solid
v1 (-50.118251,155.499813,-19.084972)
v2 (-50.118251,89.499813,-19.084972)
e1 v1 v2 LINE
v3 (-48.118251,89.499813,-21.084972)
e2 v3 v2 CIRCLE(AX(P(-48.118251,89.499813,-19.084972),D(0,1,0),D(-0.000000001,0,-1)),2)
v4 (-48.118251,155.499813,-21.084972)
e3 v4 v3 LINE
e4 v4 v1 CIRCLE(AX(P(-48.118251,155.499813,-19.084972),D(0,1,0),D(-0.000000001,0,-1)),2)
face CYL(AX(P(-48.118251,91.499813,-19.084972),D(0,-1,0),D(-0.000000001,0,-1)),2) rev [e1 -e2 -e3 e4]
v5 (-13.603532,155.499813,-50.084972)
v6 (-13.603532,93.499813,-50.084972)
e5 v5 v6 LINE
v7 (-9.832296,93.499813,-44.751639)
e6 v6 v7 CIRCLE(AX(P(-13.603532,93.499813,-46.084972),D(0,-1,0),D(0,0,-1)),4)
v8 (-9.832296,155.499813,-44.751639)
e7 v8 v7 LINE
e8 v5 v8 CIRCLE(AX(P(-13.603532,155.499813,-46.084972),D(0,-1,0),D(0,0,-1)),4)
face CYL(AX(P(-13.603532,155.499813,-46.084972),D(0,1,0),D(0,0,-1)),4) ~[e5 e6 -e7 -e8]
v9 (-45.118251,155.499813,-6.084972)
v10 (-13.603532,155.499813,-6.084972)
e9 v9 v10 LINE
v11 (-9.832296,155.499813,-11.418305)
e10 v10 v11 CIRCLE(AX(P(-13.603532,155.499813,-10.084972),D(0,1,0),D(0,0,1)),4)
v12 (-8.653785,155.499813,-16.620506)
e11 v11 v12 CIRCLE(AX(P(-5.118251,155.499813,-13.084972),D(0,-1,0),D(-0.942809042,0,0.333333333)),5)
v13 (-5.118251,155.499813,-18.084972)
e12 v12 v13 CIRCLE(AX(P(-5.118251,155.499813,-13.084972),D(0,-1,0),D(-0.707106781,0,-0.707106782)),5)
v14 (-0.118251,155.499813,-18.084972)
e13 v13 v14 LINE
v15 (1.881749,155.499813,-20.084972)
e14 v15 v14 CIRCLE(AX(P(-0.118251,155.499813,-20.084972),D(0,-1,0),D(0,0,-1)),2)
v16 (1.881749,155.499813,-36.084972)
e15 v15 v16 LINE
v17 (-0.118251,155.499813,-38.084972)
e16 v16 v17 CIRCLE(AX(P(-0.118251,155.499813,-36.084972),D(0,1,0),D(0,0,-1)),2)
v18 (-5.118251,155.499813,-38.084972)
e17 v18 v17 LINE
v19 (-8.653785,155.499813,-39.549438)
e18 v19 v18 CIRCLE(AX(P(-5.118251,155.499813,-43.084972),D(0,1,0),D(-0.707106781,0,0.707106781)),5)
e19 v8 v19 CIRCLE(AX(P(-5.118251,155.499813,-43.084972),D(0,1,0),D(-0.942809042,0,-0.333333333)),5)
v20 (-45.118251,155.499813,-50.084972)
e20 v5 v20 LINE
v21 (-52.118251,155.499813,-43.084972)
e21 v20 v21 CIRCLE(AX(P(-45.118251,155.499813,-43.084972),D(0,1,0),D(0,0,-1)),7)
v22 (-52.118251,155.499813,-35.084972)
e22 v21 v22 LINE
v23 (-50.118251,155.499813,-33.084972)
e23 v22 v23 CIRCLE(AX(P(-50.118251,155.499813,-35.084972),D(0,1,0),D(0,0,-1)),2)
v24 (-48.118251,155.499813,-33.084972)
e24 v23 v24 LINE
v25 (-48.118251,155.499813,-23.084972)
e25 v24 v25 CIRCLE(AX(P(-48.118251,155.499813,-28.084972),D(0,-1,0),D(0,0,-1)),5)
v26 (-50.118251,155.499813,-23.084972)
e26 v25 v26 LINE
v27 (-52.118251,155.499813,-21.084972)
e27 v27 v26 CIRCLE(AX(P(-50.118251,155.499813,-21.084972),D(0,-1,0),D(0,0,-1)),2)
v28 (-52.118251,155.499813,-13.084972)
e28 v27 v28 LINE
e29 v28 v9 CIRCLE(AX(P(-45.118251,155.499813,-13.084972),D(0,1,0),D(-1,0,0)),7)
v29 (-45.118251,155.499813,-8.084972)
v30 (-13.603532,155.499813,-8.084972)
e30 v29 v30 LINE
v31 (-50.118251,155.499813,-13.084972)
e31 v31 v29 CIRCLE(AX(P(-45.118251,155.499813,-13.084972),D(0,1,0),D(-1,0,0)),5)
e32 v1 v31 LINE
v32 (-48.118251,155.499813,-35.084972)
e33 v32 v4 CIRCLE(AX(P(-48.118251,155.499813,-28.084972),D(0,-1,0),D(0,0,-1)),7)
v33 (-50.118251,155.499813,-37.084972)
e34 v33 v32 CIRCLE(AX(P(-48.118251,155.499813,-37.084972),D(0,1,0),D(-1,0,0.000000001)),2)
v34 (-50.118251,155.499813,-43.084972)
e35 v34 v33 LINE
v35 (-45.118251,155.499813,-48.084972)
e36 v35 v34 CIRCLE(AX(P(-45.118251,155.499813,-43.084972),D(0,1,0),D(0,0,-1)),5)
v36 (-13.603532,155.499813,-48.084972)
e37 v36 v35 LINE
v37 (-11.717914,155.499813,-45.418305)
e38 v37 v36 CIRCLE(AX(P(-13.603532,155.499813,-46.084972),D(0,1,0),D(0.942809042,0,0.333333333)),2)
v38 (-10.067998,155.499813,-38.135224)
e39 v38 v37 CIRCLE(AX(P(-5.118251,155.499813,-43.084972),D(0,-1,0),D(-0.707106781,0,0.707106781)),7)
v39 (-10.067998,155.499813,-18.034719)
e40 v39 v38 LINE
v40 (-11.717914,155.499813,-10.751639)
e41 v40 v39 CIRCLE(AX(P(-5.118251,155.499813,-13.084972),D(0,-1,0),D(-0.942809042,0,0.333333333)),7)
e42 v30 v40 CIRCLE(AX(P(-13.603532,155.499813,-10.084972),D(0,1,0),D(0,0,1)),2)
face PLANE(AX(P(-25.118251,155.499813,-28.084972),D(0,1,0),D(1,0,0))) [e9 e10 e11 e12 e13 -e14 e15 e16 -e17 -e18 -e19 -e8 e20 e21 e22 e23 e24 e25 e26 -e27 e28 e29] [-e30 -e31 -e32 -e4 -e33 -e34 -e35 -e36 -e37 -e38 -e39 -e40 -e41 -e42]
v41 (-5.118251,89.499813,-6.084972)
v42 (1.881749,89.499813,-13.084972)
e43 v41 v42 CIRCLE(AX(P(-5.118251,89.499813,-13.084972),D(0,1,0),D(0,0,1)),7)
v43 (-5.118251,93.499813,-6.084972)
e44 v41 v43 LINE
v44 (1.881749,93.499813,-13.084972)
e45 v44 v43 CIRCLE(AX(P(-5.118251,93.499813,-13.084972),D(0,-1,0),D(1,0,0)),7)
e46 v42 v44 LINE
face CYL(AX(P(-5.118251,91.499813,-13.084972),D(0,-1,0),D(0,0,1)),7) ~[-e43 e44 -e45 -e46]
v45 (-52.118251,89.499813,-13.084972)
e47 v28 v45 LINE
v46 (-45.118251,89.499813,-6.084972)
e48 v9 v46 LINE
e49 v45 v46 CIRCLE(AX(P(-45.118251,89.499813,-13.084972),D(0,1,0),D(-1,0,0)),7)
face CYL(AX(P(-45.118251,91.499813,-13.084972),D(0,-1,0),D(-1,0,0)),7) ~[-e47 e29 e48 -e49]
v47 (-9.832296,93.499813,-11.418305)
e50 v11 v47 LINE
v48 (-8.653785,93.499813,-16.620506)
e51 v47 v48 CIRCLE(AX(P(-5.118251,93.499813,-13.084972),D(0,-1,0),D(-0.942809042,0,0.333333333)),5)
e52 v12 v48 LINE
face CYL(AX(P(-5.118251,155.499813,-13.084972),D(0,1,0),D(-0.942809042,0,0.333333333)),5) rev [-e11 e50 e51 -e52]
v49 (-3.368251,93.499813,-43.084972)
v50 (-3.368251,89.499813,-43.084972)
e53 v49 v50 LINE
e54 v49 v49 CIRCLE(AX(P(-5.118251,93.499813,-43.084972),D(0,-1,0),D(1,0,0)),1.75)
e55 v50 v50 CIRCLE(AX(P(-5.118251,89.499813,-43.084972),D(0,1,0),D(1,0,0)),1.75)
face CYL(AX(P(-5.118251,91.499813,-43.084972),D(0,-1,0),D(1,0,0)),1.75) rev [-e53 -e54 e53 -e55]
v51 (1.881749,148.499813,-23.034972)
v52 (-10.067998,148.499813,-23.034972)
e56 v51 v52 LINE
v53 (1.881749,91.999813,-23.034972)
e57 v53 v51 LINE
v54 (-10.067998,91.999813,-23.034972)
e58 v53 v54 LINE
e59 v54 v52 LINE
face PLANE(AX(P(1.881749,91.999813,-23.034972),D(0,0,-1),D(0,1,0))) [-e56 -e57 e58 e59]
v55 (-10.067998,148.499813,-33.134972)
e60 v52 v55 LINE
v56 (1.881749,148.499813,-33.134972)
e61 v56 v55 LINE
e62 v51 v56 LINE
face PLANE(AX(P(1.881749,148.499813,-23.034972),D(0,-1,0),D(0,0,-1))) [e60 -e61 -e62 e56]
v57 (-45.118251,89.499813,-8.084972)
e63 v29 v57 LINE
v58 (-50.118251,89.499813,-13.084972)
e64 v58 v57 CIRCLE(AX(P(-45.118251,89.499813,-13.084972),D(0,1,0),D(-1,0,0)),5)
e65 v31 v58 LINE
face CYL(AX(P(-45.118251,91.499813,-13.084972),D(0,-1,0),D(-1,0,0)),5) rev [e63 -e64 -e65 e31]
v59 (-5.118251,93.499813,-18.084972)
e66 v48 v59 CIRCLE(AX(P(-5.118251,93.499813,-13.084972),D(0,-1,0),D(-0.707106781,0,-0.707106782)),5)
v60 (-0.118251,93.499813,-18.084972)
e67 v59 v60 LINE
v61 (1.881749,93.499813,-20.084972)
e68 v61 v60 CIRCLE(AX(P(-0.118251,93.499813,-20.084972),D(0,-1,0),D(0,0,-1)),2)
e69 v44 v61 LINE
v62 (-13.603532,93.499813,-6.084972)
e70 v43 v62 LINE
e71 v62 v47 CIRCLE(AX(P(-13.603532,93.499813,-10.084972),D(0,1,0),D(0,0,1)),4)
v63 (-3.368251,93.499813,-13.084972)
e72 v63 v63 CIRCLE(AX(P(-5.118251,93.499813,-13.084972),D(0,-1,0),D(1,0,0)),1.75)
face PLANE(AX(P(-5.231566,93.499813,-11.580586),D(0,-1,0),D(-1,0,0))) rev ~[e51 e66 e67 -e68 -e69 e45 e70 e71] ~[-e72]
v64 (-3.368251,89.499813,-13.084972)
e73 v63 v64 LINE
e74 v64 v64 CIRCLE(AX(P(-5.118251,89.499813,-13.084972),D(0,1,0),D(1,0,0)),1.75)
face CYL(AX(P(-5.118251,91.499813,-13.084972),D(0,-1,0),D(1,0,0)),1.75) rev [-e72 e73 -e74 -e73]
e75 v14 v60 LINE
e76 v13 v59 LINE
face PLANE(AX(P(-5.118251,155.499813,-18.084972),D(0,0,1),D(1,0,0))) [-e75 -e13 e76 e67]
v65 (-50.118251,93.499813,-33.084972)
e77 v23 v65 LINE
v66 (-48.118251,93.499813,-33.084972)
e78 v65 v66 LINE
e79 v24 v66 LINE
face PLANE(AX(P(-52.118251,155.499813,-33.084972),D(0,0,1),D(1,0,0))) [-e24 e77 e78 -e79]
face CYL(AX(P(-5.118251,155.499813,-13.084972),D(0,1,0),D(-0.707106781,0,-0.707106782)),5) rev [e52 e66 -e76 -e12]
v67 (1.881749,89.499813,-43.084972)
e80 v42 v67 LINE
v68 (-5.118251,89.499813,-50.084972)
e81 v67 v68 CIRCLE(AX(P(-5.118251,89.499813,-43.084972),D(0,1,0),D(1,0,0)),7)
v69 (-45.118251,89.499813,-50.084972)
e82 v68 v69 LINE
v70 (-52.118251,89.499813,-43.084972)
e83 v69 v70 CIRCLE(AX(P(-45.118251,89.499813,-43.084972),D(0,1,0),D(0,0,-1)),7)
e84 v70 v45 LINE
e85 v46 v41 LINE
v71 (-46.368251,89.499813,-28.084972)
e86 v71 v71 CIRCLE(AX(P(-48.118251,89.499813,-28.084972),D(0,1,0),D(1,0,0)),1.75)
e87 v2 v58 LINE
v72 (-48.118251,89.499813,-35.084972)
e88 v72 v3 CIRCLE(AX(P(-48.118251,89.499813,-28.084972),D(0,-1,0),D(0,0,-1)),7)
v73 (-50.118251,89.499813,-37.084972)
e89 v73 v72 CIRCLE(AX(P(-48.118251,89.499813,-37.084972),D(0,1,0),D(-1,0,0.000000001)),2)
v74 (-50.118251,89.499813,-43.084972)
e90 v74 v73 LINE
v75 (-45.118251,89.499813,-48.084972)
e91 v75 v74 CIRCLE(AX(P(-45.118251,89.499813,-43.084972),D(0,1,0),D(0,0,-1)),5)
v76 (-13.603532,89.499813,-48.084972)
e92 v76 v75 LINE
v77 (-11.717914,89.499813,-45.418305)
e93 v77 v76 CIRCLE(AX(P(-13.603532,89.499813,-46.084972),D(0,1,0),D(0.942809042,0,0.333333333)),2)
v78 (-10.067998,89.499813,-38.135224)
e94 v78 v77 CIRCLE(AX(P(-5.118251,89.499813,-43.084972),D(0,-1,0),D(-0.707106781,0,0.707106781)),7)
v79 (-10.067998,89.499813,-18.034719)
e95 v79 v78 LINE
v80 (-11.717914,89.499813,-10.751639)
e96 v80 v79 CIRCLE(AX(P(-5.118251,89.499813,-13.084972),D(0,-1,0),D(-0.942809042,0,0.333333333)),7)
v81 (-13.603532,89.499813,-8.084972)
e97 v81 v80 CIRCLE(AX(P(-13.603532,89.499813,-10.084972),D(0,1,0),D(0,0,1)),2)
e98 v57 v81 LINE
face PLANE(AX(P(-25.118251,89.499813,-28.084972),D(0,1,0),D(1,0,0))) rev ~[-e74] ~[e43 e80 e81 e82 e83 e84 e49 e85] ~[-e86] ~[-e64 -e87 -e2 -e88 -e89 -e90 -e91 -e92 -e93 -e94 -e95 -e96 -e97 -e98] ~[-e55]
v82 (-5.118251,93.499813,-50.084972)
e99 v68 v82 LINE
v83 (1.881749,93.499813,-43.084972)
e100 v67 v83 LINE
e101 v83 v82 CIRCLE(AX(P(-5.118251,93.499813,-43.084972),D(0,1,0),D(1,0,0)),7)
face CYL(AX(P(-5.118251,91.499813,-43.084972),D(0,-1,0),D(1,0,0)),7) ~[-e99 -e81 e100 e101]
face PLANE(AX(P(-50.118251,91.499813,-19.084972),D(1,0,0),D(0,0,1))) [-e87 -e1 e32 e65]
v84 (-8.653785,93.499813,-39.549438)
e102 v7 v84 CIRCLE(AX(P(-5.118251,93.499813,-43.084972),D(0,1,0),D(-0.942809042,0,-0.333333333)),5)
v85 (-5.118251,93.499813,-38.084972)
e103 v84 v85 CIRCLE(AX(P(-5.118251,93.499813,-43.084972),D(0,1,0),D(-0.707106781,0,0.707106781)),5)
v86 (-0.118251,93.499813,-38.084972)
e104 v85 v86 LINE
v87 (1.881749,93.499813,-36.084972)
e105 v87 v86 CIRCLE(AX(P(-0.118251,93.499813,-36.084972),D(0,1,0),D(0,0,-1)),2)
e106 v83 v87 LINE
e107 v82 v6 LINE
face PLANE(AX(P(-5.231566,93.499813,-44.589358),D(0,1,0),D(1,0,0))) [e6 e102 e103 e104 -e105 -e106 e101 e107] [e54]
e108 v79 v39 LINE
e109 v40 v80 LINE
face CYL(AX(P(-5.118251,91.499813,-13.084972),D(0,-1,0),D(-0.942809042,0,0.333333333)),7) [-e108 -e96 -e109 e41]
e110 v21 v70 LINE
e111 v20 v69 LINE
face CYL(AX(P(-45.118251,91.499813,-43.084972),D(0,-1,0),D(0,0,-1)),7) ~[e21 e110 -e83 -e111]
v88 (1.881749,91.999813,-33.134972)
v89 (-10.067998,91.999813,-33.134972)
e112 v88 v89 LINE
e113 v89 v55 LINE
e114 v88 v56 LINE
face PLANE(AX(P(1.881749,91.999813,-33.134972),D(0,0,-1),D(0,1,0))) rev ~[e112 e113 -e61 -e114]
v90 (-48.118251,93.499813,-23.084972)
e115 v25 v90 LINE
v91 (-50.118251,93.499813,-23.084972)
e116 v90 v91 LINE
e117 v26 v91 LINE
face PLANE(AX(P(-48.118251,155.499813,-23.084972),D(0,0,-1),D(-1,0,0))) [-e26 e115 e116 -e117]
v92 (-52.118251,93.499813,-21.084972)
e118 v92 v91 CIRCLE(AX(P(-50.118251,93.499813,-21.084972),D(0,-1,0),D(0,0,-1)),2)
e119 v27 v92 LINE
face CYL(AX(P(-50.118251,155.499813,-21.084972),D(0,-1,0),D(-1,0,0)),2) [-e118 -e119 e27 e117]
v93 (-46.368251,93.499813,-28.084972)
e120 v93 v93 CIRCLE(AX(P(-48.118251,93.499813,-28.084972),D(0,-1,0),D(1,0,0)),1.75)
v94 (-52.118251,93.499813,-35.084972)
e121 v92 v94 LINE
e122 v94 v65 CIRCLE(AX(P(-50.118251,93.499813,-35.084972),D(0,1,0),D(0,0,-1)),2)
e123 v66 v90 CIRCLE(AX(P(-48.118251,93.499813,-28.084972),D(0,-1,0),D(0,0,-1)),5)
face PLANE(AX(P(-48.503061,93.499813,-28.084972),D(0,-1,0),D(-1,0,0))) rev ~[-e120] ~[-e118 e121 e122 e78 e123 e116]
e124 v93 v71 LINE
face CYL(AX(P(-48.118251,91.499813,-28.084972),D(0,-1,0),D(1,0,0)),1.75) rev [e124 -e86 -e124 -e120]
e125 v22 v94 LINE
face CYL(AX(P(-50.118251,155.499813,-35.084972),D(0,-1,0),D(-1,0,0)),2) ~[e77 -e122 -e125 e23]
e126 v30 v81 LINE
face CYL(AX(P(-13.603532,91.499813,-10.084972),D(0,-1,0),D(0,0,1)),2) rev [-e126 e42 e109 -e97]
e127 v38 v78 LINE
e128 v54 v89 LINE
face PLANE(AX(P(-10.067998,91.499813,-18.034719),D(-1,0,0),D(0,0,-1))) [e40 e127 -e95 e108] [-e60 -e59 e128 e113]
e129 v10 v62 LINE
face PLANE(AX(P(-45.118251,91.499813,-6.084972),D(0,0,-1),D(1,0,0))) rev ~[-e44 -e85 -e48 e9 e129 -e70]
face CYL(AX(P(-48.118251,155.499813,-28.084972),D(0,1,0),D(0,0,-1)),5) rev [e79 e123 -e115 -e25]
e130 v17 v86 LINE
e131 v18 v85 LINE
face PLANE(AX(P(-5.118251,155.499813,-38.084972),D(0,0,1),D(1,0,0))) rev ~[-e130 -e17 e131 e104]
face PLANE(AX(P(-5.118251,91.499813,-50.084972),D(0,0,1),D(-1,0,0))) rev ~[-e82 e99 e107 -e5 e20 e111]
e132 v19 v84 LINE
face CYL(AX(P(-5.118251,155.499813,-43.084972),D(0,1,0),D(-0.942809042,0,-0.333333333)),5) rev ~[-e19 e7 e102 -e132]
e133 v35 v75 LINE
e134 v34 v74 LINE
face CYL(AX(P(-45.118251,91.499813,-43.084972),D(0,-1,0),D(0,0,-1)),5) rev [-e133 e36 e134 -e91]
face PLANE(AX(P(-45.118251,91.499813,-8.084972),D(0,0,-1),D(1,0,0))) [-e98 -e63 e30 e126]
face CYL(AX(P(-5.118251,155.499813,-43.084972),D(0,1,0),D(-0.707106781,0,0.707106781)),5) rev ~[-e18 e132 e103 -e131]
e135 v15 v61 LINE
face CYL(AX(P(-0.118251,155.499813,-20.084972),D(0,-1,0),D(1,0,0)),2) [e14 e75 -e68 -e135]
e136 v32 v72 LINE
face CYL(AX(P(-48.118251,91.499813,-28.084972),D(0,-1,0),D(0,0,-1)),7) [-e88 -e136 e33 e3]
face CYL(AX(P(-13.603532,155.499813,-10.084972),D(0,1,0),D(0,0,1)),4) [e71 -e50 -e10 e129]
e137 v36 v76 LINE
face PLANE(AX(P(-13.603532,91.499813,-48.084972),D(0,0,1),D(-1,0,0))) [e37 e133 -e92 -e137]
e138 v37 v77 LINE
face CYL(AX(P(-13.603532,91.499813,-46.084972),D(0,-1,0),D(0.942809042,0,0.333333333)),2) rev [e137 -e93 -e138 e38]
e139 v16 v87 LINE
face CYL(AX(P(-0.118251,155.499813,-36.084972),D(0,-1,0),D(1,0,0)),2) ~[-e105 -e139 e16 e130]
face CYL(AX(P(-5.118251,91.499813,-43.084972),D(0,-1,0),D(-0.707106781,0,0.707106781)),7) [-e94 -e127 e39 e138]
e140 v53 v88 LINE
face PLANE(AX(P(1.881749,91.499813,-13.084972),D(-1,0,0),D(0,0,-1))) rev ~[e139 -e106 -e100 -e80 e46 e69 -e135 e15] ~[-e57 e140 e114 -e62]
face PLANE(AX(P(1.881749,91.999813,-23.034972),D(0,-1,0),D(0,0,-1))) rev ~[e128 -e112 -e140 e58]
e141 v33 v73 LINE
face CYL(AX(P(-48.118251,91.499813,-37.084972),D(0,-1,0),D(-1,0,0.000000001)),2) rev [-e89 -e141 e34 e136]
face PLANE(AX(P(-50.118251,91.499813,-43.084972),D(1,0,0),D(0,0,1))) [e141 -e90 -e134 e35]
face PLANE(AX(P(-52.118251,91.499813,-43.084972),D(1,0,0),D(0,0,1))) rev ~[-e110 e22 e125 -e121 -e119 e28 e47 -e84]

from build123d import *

# Parameters (mm, degrees)
CROQUIS1_R              = 1.75
SALIENTE_EXTRUIR1_DEPTH = 2
CROQUIS2_R              = 1.75
SALIENTE_EXTRUIR2_DEPTH = 64
CORTAR_EXTRUIR1_DEPTH   = 62
REDONDEO1_R             = 2
CORTAR_EXTRUIR2_REACH   = 56
CROQUIS5_W              = 10.1
CROQUIS5_H              = 56.5


with BuildPart() as part:
    # Croquis1 → Saliente-Extruir1 (new body)
    with BuildSketch(Plane(origin=(0, 89.4998128, 0), x_dir=(1, 0, 0), z_dir=(0, 1, 0))):
        with BuildLine():
            Line((-45.118250968, 6.084971867), (-5.118250968, 6.084971867))
            ThreePointArc((-5.118250968, 6.084971867), (-0.1685035, 8.135224399), (1.881749032, 13.084971867))
            Line((1.881749032, 13.084971867), (1.881749032, 43.084971867))
            ThreePointArc((1.881749032, 43.084971867), (-0.1685035, 48.034719335), (-5.118250968, 50.084971867))
            Line((-5.118250968, 50.084971867), (-45.118250968, 50.084971867))
            ThreePointArc((-45.118250968, 50.084971867), (-50.067998436, 48.034719335), (-52.118250968, 43.084971867))
            Line((-52.118250968, 43.084971867), (-52.118250968, 13.084971867))
            ThreePointArc((-52.118250968, 13.084971867), (-50.067998436, 8.135224399), (-45.118250968, 6.084971867))
        make_face()
        with Locations((-48.118250968, 28.084971867)):
            Circle(CROQUIS1_R, mode=Mode.SUBTRACT)
        with Locations((-5.118250968, 43.084971867)):
            Circle(CROQUIS1_R, mode=Mode.SUBTRACT)
        with Locations((-5.118250968, 13.084971867)):
            Circle(CROQUIS1_R, mode=Mode.SUBTRACT)
        with BuildLine():
            Line((-45.118250968, 8.084971867), (-13.603532342, 8.084971867))
            ThreePointArc((-13.603532342, 8.084971867), (-11.97053918, 8.930271329), (-11.717914259, 10.751638534))
            ThreePointArc((-11.717914259, 10.751638534), (-11.945259003, 14.631568546), (-10.067998436, 18.034719335))
            Line((-10.067998436, 18.034719335), (-10.067998436, 38.135224399))
            ThreePointArc((-10.067998436, 38.135224399), (-11.945259003, 41.538375188), (-11.717914259, 45.4183052))
            ThreePointArc((-11.717914259, 45.4183052), (-11.97053918, 47.239672405), (-13.603532342, 48.084971867))
            Line((-13.603532342, 48.084971867), (-45.118250968, 48.084971867))
            ThreePointArc((-45.118250968, 48.084971867), (-48.653784874, 46.620505773), (-50.118250968, 43.084971867))
            Line((-50.118250968, 43.084971867), (-50.118250968, 37.084971867))
            ThreePointArc((-50.118250968, 37.084971867), (-49.53246453, 35.670758305), (-48.118250968, 35.084971867))
            ThreePointArc((-48.118250968, 35.084971867), (-41.118250968, 28.084971867), (-48.118250968, 21.084971867))
            ThreePointArc((-48.118250968, 21.084971867), (-49.53246453, 20.499185429), (-50.118250968, 19.084971867))
            Line((-50.118250968, 19.084971867), (-50.118250968, 13.084971867))
            ThreePointArc((-50.118250968, 13.084971867), (-48.653784874, 9.549437961), (-45.118250968, 8.084971867))
        make_face(mode=Mode.SUBTRACT)
    extrude(amount=SALIENTE_EXTRUIR1_DEPTH)

    # Croquis2 → Saliente-Extruir2 (add)
    with BuildSketch(Plane(origin=(0, 91.4998128, 0), x_dir=(1, 0, 0), z_dir=(0, 1, 0))):
        with BuildLine():
            Line((-45.118250968, 6.084971867), (-5.118250968, 6.084971867))
            ThreePointArc((-5.118250968, 6.084971867), (-0.1685035, 8.135224399), (1.881749032, 13.084971867))
            Line((1.881749032, 13.084971867), (1.881749032, 43.084971867))
            ThreePointArc((1.881749032, 43.084971867), (-0.1685035, 48.034719335), (-5.118250968, 50.084971867))
            Line((-5.118250968, 50.084971867), (-45.118250968, 50.084971867))
            ThreePointArc((-45.118250968, 50.084971867), (-50.067998436, 48.034719335), (-52.118250968, 43.084971867))
            Line((-52.118250968, 43.084971867), (-52.118250968, 13.084971867))
            ThreePointArc((-52.118250968, 13.084971867), (-50.067998436, 8.135224399), (-45.118250968, 6.084971867))
        make_face()
        with Locations((-48.118250968, 28.084971867)):
            Circle(CROQUIS2_R, mode=Mode.SUBTRACT)
        with Locations((-5.118250968, 43.084971867)):
            Circle(CROQUIS2_R, mode=Mode.SUBTRACT)
        with Locations((-5.118250968, 13.084971867)):
            Circle(CROQUIS2_R, mode=Mode.SUBTRACT)
        with BuildLine():
            Line((-10.067998436, 18.034719335), (-10.067998436, 38.135224399))
            ThreePointArc((-10.067998436, 38.135224399), (-11.945259003, 41.538375188), (-11.717914259, 45.4183052))
            ThreePointArc((-11.717914259, 45.4183052), (-11.97053918, 47.239672405), (-13.603532342, 48.084971867))
            Line((-13.603532342, 48.084971867), (-45.118250968, 48.084971867))
            ThreePointArc((-45.118250968, 48.084971867), (-48.653784874, 46.620505773), (-50.118250968, 43.084971867))
            Line((-50.118250968, 43.084971867), (-50.118250968, 37.084971867))
            ThreePointArc((-50.118250968, 37.084971867), (-49.53246453, 35.670758305), (-48.118250968, 35.084971867))
            ThreePointArc((-48.118250968, 35.084971867), (-41.118250968, 28.084971867), (-48.118250968, 21.084971867))
            ThreePointArc((-48.118250968, 21.084971867), (-49.53246453, 20.499185429), (-50.118250968, 19.084971867))
            Line((-50.118250968, 19.084971867), (-50.118250968, 13.084971867))
            ThreePointArc((-50.118250968, 13.084971867), (-48.653784874, 9.549437961), (-45.118250968, 8.084971867))
            Line((-45.118250968, 8.084971867), (-13.603532342, 8.084971867))
            ThreePointArc((-13.603532342, 8.084971867), (-11.97053918, 8.930271329), (-11.717914259, 10.751638534))
            ThreePointArc((-11.717914259, 10.751638534), (-11.945259003, 14.631568546), (-10.067998436, 18.034719335))
        make_face(mode=Mode.SUBTRACT)
    extrude(amount=SALIENTE_EXTRUIR2_DEPTH)

    # Croquis3 → Cortar-Extruir1 (cut)
    with BuildSketch(Plane(origin=(0, 155.4998128, 0), x_dir=(1, 0, 0), z_dir=(0, 1, 0))):
        with BuildLine():
            Line((-5.118250968, 38.084971867), (1.881749032, 38.084971867))
            Line((1.881749032, 38.084971867), (1.881749032, 43.084971867))
            ThreePointArc((1.881749032, 43.084971867), (-0.1685035, 48.034719335), (-5.118250968, 50.084971867))
            Line((-5.118250968, 50.084971867), (-13.603532342, 50.084971867))
            ThreePointArc((-13.603532342, 50.084971867), (-10.337546018, 48.394372944), (-9.832296176, 44.751638534))
            ThreePointArc((-9.832296176, 44.751638534), (-9.994685279, 41.980259953), (-8.653784874, 39.549437961))
            ThreePointArc((-8.653784874, 39.549437961), (-7.03166813, 38.465574204), (-5.118250968, 38.084971867))
        make_face()
        with BuildLine():
            Line((-5.118250968, 18.084971867), (1.881749032, 18.084971867))
            Line((1.881749032, 18.084971867), (1.881749032, 13.084971867))
            ThreePointArc((1.881749032, 13.084971867), (-0.1685035, 8.135224399), (-5.118250968, 6.084971867))
            Line((-5.118250968, 6.084971867), (-13.603532342, 6.084971867))
            ThreePointArc((-13.603532342, 6.084971867), (-10.337546018, 7.77557079), (-9.832296176, 11.4183052))
            ThreePointArc((-9.832296176, 11.4183052), (-9.994685279, 14.18968378), (-8.653784874, 16.620505773))
            ThreePointArc((-8.653784874, 16.620505773), (-7.03166813, 17.704369529), (-5.118250968, 18.084971867))
        make_face()
        with BuildLine():
            Line((-48.118250968, 23.084971867), (-52.118250968, 23.084971867))
            Line((-52.118250968, 23.084971867), (-52.118250968, 33.084971867))
            Line((-52.118250968, 33.084971867), (-48.118250968, 33.084971867))
            ThreePointArc((-48.118250968, 33.084971867), (-43.118250968, 28.084971867), (-48.118250968, 23.084971867))
        make_face()
    extrude(amount=-CORTAR_EXTRUIR1_DEPTH, mode=Mode.SUBTRACT)

    # Redondeo1
    redondeo1_edges = [part.edges().sort_by_distance(p)[0] for p in [
        (1.881749032, 124.4998128, -18.084971867),
        (1.881749032, 124.4998128, -38.084971867),
        (-52.118250968, 124.4998128, -23.084971867),
        (-52.118250968, 124.4998128, -33.084971867),
    ]]
    fillet(redondeo1_edges, radius=REDONDEO1_R)

    # Croquis5 → Cortar-Extruir2 (cut, up to next)
    with BuildSketch(Plane(origin=(1.881749032, 0, 0), x_dir=(0, 0, -1), z_dir=(1, 0, 0)), mode=Mode.PRIVATE) as cortar_extruir2_sk1:
        with Locations((28.084971867, 120.2498128)):
            Rectangle(CROQUIS5_W, CROQUIS5_H)
    cortar_extruir2_tool1 = extrude(cortar_extruir2_sk1.sketch, amount=-CORTAR_EXTRUIR2_REACH, mode=Mode.PRIVATE) & part.part
    add(cortar_extruir2_tool1.solids().sort_by_distance((1.881749, 120.249813, -28.084972))[0], mode=Mode.SUBTRACT)


solid = part.part
